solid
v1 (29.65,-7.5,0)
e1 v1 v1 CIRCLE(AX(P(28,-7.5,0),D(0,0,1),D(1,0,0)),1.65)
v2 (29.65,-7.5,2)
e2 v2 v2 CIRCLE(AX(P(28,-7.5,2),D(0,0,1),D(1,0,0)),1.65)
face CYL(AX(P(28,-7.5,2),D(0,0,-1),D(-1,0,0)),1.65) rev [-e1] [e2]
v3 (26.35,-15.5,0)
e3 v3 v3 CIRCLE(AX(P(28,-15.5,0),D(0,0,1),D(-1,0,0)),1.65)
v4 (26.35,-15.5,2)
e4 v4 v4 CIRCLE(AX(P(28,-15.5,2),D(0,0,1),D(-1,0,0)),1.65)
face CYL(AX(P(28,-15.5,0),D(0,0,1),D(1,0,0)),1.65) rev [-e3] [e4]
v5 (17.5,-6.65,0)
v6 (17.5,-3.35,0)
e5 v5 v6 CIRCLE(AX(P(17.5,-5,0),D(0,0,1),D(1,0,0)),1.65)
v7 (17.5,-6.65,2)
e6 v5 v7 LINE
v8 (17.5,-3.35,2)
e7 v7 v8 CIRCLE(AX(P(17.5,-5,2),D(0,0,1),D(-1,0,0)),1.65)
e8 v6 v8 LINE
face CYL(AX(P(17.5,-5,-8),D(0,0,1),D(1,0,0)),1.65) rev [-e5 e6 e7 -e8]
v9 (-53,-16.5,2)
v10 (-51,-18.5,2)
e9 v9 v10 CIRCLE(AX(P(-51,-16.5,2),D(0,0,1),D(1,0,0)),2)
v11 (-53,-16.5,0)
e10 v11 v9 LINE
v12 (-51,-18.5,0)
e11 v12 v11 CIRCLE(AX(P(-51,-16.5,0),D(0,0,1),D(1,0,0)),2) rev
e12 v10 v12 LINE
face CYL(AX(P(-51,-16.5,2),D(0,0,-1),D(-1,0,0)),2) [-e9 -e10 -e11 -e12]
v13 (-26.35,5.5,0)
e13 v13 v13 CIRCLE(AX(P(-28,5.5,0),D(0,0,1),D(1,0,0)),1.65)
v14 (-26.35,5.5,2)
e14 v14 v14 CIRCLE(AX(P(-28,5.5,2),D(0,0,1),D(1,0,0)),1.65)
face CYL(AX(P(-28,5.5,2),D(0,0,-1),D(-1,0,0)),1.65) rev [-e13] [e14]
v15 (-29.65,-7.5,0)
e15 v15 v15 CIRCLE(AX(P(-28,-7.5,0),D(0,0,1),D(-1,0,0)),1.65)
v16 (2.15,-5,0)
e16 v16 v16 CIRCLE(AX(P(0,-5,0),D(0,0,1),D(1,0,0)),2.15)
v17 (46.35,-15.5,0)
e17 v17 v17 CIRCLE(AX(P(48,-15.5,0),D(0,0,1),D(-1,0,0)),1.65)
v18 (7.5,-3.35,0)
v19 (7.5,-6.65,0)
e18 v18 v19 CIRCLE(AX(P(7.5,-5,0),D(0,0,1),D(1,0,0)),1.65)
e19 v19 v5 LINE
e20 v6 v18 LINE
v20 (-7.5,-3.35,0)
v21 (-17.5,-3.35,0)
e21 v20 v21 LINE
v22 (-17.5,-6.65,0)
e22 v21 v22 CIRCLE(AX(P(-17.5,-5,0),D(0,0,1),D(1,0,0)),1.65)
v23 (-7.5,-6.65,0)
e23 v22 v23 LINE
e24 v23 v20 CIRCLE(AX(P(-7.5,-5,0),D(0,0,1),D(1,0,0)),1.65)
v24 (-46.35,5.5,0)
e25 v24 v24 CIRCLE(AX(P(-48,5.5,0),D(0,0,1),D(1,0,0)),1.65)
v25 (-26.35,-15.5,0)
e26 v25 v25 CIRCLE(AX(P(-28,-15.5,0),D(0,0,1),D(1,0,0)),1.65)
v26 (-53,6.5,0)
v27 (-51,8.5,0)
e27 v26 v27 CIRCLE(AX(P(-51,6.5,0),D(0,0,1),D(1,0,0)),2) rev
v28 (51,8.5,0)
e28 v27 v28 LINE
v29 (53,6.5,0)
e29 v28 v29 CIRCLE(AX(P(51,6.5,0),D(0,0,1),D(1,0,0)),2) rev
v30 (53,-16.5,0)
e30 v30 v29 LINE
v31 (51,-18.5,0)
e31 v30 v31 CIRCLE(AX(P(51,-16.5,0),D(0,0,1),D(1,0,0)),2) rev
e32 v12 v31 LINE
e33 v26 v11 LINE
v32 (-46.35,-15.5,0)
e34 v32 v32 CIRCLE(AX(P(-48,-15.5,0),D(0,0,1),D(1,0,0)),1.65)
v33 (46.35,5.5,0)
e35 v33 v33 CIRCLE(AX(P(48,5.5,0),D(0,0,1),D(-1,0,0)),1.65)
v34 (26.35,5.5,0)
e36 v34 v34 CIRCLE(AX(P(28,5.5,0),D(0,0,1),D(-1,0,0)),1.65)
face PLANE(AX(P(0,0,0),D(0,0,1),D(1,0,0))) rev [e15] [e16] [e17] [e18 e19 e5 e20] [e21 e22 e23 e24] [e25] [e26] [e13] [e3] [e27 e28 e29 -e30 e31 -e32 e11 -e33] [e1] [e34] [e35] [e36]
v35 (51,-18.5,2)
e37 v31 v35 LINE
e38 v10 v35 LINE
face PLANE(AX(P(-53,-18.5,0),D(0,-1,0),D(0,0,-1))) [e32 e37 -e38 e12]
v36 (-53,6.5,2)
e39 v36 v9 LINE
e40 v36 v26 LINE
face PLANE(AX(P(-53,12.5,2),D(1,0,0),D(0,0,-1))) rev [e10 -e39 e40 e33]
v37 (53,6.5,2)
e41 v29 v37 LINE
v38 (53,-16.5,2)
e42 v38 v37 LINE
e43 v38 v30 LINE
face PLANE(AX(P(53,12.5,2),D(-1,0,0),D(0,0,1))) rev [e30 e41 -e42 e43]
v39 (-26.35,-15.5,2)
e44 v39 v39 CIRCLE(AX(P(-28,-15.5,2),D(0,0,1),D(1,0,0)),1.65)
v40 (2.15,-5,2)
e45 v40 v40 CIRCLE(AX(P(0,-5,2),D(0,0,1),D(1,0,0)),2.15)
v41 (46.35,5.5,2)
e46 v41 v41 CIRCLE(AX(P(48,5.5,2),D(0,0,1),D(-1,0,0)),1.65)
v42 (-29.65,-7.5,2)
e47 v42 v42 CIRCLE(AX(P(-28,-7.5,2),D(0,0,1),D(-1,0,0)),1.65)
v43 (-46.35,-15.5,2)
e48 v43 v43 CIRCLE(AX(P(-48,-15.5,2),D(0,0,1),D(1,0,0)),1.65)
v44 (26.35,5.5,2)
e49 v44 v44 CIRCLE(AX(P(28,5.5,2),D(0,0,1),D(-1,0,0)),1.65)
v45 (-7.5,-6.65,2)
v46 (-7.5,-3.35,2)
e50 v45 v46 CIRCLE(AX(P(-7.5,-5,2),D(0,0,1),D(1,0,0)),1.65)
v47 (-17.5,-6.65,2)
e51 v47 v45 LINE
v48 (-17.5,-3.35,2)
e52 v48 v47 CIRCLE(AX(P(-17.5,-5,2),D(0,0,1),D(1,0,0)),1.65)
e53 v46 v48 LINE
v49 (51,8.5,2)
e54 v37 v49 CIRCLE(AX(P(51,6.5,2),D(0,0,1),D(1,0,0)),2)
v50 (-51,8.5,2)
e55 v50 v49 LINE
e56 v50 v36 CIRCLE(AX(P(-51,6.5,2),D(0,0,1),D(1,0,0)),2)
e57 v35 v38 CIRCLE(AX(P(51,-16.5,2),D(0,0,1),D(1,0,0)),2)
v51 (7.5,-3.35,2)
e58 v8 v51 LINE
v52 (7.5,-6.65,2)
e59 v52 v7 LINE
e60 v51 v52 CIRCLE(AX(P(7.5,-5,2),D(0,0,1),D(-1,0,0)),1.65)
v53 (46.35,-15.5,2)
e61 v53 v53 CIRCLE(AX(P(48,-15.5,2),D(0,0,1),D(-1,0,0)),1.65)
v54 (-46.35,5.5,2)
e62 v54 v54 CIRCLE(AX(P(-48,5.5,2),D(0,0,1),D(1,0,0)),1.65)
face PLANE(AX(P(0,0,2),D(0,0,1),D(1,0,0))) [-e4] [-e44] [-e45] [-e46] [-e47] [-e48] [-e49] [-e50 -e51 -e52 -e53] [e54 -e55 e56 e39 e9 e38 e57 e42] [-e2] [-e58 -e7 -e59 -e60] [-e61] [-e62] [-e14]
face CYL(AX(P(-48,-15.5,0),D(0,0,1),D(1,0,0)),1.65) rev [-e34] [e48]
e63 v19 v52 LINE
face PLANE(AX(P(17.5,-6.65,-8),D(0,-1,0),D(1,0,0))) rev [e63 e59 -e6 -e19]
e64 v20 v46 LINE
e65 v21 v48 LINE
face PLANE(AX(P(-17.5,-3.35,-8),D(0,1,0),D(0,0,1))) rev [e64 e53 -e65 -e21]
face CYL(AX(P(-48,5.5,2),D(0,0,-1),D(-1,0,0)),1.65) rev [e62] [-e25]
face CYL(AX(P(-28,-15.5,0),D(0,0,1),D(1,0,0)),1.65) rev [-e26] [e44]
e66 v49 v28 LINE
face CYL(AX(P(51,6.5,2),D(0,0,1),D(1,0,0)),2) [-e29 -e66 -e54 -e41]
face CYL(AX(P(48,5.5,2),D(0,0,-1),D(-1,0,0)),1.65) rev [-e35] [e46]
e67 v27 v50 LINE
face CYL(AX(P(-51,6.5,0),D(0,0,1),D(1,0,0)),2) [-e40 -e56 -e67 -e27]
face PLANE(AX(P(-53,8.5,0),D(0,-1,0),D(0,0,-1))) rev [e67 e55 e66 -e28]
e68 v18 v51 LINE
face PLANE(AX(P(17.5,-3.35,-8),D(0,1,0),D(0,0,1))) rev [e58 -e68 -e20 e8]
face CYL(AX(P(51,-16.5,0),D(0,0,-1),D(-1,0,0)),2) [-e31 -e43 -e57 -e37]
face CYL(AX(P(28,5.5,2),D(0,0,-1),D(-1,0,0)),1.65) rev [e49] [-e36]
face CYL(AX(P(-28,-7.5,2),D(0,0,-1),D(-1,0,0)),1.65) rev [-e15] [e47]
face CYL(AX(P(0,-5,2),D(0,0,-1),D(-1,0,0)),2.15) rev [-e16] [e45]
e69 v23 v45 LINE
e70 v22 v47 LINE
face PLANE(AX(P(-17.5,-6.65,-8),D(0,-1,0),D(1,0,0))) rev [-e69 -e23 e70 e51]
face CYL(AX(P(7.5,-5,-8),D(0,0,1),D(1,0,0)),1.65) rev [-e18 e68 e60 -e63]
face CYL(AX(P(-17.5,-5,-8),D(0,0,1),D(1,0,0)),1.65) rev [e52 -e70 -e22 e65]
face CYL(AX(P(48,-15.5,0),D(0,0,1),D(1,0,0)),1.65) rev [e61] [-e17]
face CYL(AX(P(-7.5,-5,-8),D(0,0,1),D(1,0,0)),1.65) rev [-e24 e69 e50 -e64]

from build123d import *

# Parameters (mm, degrees)
SKETCH_1_W          = 106
SKETCH_1_H          = 25
SKETCH_1_R          = 1.65
SKETCH_1_R_2        = 2.15
EXTRUDE_1_DEPTH     = 2
SKETCH_2_W          = 106
SKETCH_2_H          = 6
EXTRUDE_3_DEPTH     = 2
SKETCH_4_R          = 1.65
CUT_EXTRUDE_1_DEPTH = 57.171612047
CUT_EXTRUDE_2_DEPTH = 10
SKETCH_6_W          = 106
SKETCH_6_H          = 4
CUT_EXTRUDE_3_DEPTH = 57.171612047
FILLET_1_R          = 2


with BuildPart() as part:
    # 草图1 → 凸台-拉伸1 (new body)
    with BuildSketch(Plane.XY):
        Rectangle(SKETCH_1_W, SKETCH_1_H)
        with Locations((-28, 5.5)):
            Circle(SKETCH_1_R, mode=Mode.SUBTRACT)
        with Locations(Location((-28, -7.5, 0), (0, 0, 180))):
            Circle(SKETCH_1_R, mode=Mode.SUBTRACT)
        with Locations((28, -7.5)):
            Circle(SKETCH_1_R, mode=Mode.SUBTRACT)
        with Locations(Location((28, 5.5, 0), (0, 0, 180))):
            Circle(SKETCH_1_R, mode=Mode.SUBTRACT)
        with Locations((-48, 5.5)):
            Circle(SKETCH_1_R, mode=Mode.SUBTRACT)
        with Locations(Location((48, 5.5, 0), (0, 0, 180))):
            Circle(SKETCH_1_R, mode=Mode.SUBTRACT)
        with Locations((0, -5)):
            Circle(SKETCH_1_R_2, mode=Mode.SUBTRACT)
    extrude(amount=EXTRUDE_1_DEPTH)

    # 草图2 → 凸台-拉伸3 (add)
    with BuildSketch(Plane.XY.offset(2)):
        with Locations((0, -15.5)):
            Rectangle(SKETCH_2_W, SKETCH_2_H)
    extrude(amount=-EXTRUDE_3_DEPTH)

    # 草图4 → 切除-拉伸1 (cut, through all)
    with BuildSketch(Plane.XY.offset(2)):
        with Locations((-48, -15.5)):
            Circle(SKETCH_4_R)
        with Locations(Location((48, -15.5, 0), (0, 0, 180))):
            Circle(SKETCH_4_R)
        with Locations((-28, -15.5)):
            Circle(SKETCH_4_R)
        with Locations(Location((28, -15.5, 0), (0, 0, 180))):
            Circle(SKETCH_4_R)
    extrude(amount=-CUT_EXTRUDE_1_DEPTH, mode=Mode.SUBTRACT)

    # 草图5 → 切除-拉伸2 (cut)
    with BuildSketch(Plane.XY.offset(2)):
        with BuildLine():
            Line((-17.5, -3.35), (-7.5, -3.35))
            ThreePointArc((-7.5, -3.35), (-5.85, -5), (-7.5, -6.65))
            Line((-7.5, -6.65), (-17.5, -6.65))
            ThreePointArc((-17.5, -6.65), (-19.15, -5), (-17.5, -3.35))
        make_face()
        with BuildLine():
            Line((17.5, -3.35), (7.5, -3.35))
            ThreePointArc((7.5, -3.35), (5.85, -5), (7.5, -6.65))
            Line((7.5, -6.65), (17.5, -6.65))
            ThreePointArc((17.5, -6.65), (19.15, -5), (17.5, -3.35))
        make_face()
    extrude(amount=-CUT_EXTRUDE_2_DEPTH, mode=Mode.SUBTRACT)

    # 草图6 → 切除-拉伸3 (cut, through all)
    with BuildSketch(Plane.XY.offset(2)):
        with Locations((0, 10.5)):
            Rectangle(SKETCH_6_W, SKETCH_6_H)
    extrude(amount=-CUT_EXTRUDE_3_DEPTH, mode=Mode.SUBTRACT)

    # 圆角1
    fillet_1_edges = [part.edges().sort_by_distance(p)[0] for p in [
        (-53, 8.5, 1),
        (53, 8.5, 1),
        (-53, -18.5, 1),
        (53, -18.5, 1),
    ]]
    fillet(fillet_1_edges, radius=FILLET_1_R)


solid = part.part
